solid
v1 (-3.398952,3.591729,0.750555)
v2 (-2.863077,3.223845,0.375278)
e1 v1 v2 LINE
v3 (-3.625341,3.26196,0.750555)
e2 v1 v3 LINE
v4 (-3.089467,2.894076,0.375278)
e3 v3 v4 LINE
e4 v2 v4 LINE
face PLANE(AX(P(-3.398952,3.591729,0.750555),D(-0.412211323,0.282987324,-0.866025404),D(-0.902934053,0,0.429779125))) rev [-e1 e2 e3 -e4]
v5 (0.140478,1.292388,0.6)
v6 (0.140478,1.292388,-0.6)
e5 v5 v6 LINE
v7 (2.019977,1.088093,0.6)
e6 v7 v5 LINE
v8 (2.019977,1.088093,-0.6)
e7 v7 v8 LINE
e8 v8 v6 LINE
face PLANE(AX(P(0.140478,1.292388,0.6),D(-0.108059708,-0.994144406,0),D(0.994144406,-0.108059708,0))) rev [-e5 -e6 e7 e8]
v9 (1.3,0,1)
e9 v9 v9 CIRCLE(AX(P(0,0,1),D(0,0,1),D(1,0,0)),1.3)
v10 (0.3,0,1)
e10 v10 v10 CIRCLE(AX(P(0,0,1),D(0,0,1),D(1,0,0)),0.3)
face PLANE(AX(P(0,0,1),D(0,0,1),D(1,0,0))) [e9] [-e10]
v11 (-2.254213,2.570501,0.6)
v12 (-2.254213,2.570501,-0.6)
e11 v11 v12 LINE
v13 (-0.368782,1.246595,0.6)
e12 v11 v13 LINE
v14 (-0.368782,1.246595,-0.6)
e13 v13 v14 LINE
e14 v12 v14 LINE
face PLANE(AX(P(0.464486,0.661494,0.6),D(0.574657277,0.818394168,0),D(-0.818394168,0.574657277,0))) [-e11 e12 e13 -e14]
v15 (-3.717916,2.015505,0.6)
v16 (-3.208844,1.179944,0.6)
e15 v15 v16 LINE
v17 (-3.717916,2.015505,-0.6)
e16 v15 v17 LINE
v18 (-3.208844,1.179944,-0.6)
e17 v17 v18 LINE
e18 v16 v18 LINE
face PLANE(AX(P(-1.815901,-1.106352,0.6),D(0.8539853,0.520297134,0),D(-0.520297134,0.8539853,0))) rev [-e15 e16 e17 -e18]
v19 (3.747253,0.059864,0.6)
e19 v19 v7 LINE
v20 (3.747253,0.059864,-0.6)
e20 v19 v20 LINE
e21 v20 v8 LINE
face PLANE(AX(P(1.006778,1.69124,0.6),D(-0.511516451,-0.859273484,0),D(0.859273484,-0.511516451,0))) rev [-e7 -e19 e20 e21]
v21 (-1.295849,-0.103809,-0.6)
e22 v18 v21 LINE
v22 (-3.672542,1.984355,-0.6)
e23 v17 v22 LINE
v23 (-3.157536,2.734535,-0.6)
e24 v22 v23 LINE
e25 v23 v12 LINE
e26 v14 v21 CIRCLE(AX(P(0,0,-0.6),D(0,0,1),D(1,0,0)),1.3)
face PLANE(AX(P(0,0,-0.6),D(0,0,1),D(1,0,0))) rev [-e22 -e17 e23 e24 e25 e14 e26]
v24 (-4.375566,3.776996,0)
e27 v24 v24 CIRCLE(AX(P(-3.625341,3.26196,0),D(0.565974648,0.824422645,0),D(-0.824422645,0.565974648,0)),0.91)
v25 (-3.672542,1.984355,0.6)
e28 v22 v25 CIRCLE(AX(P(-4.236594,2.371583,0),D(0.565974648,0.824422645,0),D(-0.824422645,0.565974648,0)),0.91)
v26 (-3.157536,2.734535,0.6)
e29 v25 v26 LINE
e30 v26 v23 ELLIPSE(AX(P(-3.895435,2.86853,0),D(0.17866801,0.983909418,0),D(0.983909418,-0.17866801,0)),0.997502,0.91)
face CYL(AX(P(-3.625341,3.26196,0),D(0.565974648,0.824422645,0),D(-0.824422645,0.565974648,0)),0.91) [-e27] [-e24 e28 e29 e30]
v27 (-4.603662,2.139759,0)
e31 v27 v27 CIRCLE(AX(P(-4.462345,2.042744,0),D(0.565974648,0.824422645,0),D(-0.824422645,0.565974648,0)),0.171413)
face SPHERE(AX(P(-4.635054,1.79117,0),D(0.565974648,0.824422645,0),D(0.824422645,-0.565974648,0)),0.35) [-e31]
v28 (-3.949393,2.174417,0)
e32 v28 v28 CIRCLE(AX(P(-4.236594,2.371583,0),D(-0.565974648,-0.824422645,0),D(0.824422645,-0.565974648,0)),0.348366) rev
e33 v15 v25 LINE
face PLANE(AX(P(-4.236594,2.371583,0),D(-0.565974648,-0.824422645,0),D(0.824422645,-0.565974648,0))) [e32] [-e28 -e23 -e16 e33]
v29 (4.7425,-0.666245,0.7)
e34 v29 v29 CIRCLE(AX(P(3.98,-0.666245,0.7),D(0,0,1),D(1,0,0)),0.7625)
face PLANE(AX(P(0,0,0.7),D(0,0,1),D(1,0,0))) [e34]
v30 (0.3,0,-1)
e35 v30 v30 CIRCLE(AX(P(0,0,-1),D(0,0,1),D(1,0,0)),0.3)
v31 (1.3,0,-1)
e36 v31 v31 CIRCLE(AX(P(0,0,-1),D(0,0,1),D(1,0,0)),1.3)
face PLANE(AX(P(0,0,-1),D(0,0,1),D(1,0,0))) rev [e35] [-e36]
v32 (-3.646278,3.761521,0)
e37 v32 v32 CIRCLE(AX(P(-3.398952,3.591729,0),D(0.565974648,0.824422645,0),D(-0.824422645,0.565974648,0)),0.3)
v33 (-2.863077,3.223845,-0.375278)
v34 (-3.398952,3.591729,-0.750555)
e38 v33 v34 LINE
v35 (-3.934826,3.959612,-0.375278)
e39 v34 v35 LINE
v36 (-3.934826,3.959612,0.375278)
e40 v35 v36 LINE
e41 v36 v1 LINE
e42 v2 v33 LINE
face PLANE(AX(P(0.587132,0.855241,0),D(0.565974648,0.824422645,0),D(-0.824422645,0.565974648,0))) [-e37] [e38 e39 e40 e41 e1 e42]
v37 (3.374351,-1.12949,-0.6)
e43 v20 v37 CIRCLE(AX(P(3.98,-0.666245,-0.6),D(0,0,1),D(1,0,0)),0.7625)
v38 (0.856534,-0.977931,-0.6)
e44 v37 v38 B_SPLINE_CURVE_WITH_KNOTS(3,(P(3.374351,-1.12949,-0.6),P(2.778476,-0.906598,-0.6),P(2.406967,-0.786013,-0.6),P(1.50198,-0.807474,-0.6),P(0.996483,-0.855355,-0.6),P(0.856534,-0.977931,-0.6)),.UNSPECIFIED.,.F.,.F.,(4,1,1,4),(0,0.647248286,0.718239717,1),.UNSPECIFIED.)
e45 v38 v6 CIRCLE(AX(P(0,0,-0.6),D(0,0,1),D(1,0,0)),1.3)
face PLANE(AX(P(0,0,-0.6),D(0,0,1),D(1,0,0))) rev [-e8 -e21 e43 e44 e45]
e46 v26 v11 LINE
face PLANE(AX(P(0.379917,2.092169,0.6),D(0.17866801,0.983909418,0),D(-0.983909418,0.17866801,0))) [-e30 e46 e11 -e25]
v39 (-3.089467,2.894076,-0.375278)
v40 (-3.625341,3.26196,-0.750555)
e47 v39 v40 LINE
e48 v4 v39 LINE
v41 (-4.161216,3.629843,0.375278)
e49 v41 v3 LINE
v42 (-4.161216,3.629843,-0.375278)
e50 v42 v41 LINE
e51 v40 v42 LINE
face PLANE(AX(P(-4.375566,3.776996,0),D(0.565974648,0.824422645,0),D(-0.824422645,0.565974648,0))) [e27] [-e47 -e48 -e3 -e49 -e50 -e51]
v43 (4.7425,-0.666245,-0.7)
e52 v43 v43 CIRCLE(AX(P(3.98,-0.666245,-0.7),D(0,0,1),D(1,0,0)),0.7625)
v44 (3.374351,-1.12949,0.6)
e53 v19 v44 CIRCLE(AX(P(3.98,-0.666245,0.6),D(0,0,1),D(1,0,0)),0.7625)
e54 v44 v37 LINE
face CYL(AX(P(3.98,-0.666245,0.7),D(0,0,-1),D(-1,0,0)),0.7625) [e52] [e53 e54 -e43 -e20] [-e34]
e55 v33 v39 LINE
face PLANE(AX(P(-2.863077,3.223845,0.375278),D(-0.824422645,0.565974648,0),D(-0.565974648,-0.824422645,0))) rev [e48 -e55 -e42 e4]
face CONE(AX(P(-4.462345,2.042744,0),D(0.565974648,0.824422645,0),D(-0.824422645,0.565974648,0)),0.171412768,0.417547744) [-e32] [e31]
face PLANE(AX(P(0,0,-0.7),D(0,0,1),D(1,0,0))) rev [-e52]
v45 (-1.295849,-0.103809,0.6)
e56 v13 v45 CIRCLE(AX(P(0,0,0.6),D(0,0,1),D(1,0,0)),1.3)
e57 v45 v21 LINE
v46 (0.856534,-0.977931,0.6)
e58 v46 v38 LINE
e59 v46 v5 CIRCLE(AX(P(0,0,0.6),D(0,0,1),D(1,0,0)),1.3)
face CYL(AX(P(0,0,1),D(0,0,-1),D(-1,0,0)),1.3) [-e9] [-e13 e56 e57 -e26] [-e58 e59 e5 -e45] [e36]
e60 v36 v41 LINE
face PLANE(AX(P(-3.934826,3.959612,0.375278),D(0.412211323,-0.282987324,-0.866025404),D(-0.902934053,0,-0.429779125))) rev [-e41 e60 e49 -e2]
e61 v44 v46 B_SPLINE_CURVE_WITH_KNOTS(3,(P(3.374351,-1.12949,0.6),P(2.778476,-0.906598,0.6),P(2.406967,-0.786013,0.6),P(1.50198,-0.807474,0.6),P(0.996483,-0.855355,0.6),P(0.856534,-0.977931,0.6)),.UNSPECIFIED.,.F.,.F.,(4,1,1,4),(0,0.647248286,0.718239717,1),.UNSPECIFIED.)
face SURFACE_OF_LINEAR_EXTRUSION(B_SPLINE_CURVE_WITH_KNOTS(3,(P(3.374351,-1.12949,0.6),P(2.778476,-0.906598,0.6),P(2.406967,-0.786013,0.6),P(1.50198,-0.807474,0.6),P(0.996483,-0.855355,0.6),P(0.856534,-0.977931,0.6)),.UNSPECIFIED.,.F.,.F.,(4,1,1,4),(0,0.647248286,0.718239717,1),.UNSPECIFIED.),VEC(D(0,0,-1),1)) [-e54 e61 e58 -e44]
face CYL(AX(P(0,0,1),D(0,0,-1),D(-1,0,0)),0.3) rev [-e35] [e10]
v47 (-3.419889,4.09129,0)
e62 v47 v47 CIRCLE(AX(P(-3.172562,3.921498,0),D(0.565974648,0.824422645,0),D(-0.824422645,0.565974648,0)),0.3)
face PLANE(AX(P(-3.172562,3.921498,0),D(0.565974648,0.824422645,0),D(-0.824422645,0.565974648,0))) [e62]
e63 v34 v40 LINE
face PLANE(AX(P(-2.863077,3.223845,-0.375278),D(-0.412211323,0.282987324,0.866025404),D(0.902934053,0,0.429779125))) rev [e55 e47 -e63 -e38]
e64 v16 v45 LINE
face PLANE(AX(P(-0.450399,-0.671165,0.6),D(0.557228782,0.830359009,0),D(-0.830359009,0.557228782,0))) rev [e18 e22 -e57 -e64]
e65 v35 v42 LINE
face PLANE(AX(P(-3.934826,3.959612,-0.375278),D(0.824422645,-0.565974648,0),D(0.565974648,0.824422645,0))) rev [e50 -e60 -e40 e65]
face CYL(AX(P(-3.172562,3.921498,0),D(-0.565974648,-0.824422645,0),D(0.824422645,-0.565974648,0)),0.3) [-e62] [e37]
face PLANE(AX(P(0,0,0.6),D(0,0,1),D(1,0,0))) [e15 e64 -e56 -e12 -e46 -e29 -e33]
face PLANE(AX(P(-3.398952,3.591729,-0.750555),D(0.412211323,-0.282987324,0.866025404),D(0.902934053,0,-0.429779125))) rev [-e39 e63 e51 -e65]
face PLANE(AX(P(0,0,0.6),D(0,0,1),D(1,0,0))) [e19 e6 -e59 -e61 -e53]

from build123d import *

# Parameters (mm, degrees)
SKETCH1_R           = 0.3
BOSS_EXTRUDE1_DEPTH = 1
BOSS_EXTRUDE2_DEPTH = 0.7
BOSS_EXTRUDE3_DEPTH = 0.6
BOSS_EXTRUDE4_DEPTH = 0.6
BOSS_EXTRUDE5_DEPTH = 0.4
SKETCH5_R           = 0.3
BOSS_EXTRUDE6_DEPTH = 0.4


with BuildPart() as part:
    # Sketch1 → Boss-Extrude1 (new, symmetric)
    with BuildSketch(Plane.XY):
        with BuildLine():
            ThreePointArc((1.3, 0), (0.967631362, 0.868152951), (0.140477621, 1.292387727))
            ThreePointArc((0.140477621, 1.292387727), (-0.11642585, 1.294776051), (-0.368782161, 1.24659525))
            ThreePointArc((-0.368782161, 1.24659525), (-1.071749439, 0.735767042), (-1.295848634, -0.103809043))
            ThreePointArc((-1.295848634, -0.103809043), (-0.48915419, -1.204461779), (0.856533864, -0.977931357))
            ThreePointArc((0.856533864, -0.977931357), (1.183953974, -0.536891971), (1.3, 0))
        make_face()
        Circle(SKETCH1_R, mode=Mode.SUBTRACT)
    extrude(amount=BOSS_EXTRUDE1_DEPTH, both=True)



with BuildPart() as body_2:
    # Sketch1<3> → Boss-Extrude2 (new, symmetric)
    with BuildSketch(Plane.XY):
        with BuildLine():
            ThreePointArc((4.7425, -0.66624549), (4.429408871, -0.050260168), (3.747253005, 0.059864065))
            ThreePointArc((3.747253005, 0.059864065), (3.252423356, -0.438126053), (3.374350994, -1.12949006))
            ThreePointArc((3.374350994, -1.12949006), (4.224539243, -1.388469007), (4.7425, -0.66624549))
        make_face()
    extrude(amount=BOSS_EXTRUDE2_DEPTH, both=True)


with BuildPart() as part_1:
    add(part.part)

    add(body_2.part)  # Boss-Extrude3 merges body 2
    # Sketch1<4> → Boss-Extrude3 (add, symmetric)
    with BuildSketch(Plane.XY):
        with BuildLine():
            ThreePointArc((3.374350994, -1.12949006), (3.252423356, -0.438126053), (3.747253005, 0.059864065))
            Line((3.747253005, 0.059864065), (2.019976925, 1.088093316))
            Line((2.019976925, 1.088093316), (0.140477621, 1.292387727))
            ThreePointArc((0.140477621, 1.292387727), (0.967631362, 0.868152951), (1.3, 0))
            ThreePointArc((1.3, 0), (1.183953974, -0.536891971), (0.856533864, -0.977931357))
            add(Edge.make_bspline(
                [(3.374350994, -1.12949006), (2.778476345, -0.90659845), (2.406966993, -0.786012749), (1.50197992, -0.807474496), (0.996483155, -0.855354956), (0.856533864, -0.977931357)],
                knots=[0, 0, 0, 0, 0.647248286, 0.718239717, 1, 1, 1, 1], degree=3))
        make_face()
    extrude(amount=BOSS_EXTRUDE3_DEPTH, both=True)

    # Sketch1<5> → Boss-Extrude4 (add, symmetric)
    with BuildSketch(Plane.XY):
        with BuildLine():
            ThreePointArc((-1.295848634, -0.103809043), (-1.071749439, 0.735767042), (-0.368782161, 1.24659525))
            Line((-0.368782161, 1.24659525), (-2.254212966, 2.57050074))
            Line((-2.254212966, 2.57050074), (-3.469420101, 2.791170079))
            Line((-3.469420101, 2.791170079), (-3.851452989, 2.234684794))
            Line((-3.851452989, 2.234684794), (-3.20884425, 1.179944376))
            Line((-3.20884425, 1.179944376), (-1.295848634, -0.103809043))
        make_face()
    extrude(amount=BOSS_EXTRUDE4_DEPTH, both=True)



with BuildPart() as body_2_2:
    # Sketch2 → Revolve1 (revolve)
    with BuildSketch(Plane.XY):
        with BuildLine():
            Line((-3.851452989, 2.234684794), (-3.357165564, 2.954684794))
            Line((-3.357165564, 2.954684794), (-3.682812508, 3.17824478))
            Line((-3.682812508, 3.17824478), (-4.833144721, 1.502622153))
            ThreePointArc((-4.833144721, 1.502622153), (-4.406042562, 1.526493017), (-4.321028806, 1.945728909))
            Line((-4.321028806, 1.945728909), (-3.851452989, 2.234684794))
        make_face()
    revolve(axis=Axis((-3.682812508, 3.17824478, 0), (-0.5659746478395022, -0.8244226452511791, 0)))


with BuildPart() as part_2:
    add(part_1.part)

    add(body_2_2.part)  # Revolve2 merges body 2 2
    # Sketch3 → Revolve2 (revolve)
    with BuildSketch(Plane.XY):
        Polygon((-3.62534147, 3.261959529), (-4.236594089, 2.371583072), (-4.986818697, 2.886620001), (-4.375566077, 3.776996458), align=None)
    revolve(axis=Axis((-3.62534147, 3.261959529, 0), (-0.5659746478394974, -0.8244226452511825, 0)))

    # Sketch4 → Boss-Extrude5 (add)
    with BuildSketch(Plane(origin=(0.36074202, 0.525472106, 0), x_dir=(0.8244226452511824, -0.5659746478394974, 0), z_dir=(0.5659746478394974, 0.8244226452511824, 0))):
        Polygon((-4.835, -0.75055535), (-4.185, -0.375277675), (-4.185, 0.375277675), (-4.835, 0.75055535), (-5.485, 0.375277675), (-5.485, -0.375277675), align=None)
    extrude(amount=BOSS_EXTRUDE5_DEPTH)

    # Sketch5 → Boss-Extrude6 (add)
    with BuildSketch(Plane(origin=(0.587131879, 0.855241165, 0), x_dir=(0.8244226452511826, -0.5659746478394971, 0), z_dir=(0.5659746478394971, 0.8244226452511827, 0))):
        with Locations((-4.835, 0)):
            Circle(SKETCH5_R)
    extrude(amount=BOSS_EXTRUDE6_DEPTH)


solid = part_2.part
